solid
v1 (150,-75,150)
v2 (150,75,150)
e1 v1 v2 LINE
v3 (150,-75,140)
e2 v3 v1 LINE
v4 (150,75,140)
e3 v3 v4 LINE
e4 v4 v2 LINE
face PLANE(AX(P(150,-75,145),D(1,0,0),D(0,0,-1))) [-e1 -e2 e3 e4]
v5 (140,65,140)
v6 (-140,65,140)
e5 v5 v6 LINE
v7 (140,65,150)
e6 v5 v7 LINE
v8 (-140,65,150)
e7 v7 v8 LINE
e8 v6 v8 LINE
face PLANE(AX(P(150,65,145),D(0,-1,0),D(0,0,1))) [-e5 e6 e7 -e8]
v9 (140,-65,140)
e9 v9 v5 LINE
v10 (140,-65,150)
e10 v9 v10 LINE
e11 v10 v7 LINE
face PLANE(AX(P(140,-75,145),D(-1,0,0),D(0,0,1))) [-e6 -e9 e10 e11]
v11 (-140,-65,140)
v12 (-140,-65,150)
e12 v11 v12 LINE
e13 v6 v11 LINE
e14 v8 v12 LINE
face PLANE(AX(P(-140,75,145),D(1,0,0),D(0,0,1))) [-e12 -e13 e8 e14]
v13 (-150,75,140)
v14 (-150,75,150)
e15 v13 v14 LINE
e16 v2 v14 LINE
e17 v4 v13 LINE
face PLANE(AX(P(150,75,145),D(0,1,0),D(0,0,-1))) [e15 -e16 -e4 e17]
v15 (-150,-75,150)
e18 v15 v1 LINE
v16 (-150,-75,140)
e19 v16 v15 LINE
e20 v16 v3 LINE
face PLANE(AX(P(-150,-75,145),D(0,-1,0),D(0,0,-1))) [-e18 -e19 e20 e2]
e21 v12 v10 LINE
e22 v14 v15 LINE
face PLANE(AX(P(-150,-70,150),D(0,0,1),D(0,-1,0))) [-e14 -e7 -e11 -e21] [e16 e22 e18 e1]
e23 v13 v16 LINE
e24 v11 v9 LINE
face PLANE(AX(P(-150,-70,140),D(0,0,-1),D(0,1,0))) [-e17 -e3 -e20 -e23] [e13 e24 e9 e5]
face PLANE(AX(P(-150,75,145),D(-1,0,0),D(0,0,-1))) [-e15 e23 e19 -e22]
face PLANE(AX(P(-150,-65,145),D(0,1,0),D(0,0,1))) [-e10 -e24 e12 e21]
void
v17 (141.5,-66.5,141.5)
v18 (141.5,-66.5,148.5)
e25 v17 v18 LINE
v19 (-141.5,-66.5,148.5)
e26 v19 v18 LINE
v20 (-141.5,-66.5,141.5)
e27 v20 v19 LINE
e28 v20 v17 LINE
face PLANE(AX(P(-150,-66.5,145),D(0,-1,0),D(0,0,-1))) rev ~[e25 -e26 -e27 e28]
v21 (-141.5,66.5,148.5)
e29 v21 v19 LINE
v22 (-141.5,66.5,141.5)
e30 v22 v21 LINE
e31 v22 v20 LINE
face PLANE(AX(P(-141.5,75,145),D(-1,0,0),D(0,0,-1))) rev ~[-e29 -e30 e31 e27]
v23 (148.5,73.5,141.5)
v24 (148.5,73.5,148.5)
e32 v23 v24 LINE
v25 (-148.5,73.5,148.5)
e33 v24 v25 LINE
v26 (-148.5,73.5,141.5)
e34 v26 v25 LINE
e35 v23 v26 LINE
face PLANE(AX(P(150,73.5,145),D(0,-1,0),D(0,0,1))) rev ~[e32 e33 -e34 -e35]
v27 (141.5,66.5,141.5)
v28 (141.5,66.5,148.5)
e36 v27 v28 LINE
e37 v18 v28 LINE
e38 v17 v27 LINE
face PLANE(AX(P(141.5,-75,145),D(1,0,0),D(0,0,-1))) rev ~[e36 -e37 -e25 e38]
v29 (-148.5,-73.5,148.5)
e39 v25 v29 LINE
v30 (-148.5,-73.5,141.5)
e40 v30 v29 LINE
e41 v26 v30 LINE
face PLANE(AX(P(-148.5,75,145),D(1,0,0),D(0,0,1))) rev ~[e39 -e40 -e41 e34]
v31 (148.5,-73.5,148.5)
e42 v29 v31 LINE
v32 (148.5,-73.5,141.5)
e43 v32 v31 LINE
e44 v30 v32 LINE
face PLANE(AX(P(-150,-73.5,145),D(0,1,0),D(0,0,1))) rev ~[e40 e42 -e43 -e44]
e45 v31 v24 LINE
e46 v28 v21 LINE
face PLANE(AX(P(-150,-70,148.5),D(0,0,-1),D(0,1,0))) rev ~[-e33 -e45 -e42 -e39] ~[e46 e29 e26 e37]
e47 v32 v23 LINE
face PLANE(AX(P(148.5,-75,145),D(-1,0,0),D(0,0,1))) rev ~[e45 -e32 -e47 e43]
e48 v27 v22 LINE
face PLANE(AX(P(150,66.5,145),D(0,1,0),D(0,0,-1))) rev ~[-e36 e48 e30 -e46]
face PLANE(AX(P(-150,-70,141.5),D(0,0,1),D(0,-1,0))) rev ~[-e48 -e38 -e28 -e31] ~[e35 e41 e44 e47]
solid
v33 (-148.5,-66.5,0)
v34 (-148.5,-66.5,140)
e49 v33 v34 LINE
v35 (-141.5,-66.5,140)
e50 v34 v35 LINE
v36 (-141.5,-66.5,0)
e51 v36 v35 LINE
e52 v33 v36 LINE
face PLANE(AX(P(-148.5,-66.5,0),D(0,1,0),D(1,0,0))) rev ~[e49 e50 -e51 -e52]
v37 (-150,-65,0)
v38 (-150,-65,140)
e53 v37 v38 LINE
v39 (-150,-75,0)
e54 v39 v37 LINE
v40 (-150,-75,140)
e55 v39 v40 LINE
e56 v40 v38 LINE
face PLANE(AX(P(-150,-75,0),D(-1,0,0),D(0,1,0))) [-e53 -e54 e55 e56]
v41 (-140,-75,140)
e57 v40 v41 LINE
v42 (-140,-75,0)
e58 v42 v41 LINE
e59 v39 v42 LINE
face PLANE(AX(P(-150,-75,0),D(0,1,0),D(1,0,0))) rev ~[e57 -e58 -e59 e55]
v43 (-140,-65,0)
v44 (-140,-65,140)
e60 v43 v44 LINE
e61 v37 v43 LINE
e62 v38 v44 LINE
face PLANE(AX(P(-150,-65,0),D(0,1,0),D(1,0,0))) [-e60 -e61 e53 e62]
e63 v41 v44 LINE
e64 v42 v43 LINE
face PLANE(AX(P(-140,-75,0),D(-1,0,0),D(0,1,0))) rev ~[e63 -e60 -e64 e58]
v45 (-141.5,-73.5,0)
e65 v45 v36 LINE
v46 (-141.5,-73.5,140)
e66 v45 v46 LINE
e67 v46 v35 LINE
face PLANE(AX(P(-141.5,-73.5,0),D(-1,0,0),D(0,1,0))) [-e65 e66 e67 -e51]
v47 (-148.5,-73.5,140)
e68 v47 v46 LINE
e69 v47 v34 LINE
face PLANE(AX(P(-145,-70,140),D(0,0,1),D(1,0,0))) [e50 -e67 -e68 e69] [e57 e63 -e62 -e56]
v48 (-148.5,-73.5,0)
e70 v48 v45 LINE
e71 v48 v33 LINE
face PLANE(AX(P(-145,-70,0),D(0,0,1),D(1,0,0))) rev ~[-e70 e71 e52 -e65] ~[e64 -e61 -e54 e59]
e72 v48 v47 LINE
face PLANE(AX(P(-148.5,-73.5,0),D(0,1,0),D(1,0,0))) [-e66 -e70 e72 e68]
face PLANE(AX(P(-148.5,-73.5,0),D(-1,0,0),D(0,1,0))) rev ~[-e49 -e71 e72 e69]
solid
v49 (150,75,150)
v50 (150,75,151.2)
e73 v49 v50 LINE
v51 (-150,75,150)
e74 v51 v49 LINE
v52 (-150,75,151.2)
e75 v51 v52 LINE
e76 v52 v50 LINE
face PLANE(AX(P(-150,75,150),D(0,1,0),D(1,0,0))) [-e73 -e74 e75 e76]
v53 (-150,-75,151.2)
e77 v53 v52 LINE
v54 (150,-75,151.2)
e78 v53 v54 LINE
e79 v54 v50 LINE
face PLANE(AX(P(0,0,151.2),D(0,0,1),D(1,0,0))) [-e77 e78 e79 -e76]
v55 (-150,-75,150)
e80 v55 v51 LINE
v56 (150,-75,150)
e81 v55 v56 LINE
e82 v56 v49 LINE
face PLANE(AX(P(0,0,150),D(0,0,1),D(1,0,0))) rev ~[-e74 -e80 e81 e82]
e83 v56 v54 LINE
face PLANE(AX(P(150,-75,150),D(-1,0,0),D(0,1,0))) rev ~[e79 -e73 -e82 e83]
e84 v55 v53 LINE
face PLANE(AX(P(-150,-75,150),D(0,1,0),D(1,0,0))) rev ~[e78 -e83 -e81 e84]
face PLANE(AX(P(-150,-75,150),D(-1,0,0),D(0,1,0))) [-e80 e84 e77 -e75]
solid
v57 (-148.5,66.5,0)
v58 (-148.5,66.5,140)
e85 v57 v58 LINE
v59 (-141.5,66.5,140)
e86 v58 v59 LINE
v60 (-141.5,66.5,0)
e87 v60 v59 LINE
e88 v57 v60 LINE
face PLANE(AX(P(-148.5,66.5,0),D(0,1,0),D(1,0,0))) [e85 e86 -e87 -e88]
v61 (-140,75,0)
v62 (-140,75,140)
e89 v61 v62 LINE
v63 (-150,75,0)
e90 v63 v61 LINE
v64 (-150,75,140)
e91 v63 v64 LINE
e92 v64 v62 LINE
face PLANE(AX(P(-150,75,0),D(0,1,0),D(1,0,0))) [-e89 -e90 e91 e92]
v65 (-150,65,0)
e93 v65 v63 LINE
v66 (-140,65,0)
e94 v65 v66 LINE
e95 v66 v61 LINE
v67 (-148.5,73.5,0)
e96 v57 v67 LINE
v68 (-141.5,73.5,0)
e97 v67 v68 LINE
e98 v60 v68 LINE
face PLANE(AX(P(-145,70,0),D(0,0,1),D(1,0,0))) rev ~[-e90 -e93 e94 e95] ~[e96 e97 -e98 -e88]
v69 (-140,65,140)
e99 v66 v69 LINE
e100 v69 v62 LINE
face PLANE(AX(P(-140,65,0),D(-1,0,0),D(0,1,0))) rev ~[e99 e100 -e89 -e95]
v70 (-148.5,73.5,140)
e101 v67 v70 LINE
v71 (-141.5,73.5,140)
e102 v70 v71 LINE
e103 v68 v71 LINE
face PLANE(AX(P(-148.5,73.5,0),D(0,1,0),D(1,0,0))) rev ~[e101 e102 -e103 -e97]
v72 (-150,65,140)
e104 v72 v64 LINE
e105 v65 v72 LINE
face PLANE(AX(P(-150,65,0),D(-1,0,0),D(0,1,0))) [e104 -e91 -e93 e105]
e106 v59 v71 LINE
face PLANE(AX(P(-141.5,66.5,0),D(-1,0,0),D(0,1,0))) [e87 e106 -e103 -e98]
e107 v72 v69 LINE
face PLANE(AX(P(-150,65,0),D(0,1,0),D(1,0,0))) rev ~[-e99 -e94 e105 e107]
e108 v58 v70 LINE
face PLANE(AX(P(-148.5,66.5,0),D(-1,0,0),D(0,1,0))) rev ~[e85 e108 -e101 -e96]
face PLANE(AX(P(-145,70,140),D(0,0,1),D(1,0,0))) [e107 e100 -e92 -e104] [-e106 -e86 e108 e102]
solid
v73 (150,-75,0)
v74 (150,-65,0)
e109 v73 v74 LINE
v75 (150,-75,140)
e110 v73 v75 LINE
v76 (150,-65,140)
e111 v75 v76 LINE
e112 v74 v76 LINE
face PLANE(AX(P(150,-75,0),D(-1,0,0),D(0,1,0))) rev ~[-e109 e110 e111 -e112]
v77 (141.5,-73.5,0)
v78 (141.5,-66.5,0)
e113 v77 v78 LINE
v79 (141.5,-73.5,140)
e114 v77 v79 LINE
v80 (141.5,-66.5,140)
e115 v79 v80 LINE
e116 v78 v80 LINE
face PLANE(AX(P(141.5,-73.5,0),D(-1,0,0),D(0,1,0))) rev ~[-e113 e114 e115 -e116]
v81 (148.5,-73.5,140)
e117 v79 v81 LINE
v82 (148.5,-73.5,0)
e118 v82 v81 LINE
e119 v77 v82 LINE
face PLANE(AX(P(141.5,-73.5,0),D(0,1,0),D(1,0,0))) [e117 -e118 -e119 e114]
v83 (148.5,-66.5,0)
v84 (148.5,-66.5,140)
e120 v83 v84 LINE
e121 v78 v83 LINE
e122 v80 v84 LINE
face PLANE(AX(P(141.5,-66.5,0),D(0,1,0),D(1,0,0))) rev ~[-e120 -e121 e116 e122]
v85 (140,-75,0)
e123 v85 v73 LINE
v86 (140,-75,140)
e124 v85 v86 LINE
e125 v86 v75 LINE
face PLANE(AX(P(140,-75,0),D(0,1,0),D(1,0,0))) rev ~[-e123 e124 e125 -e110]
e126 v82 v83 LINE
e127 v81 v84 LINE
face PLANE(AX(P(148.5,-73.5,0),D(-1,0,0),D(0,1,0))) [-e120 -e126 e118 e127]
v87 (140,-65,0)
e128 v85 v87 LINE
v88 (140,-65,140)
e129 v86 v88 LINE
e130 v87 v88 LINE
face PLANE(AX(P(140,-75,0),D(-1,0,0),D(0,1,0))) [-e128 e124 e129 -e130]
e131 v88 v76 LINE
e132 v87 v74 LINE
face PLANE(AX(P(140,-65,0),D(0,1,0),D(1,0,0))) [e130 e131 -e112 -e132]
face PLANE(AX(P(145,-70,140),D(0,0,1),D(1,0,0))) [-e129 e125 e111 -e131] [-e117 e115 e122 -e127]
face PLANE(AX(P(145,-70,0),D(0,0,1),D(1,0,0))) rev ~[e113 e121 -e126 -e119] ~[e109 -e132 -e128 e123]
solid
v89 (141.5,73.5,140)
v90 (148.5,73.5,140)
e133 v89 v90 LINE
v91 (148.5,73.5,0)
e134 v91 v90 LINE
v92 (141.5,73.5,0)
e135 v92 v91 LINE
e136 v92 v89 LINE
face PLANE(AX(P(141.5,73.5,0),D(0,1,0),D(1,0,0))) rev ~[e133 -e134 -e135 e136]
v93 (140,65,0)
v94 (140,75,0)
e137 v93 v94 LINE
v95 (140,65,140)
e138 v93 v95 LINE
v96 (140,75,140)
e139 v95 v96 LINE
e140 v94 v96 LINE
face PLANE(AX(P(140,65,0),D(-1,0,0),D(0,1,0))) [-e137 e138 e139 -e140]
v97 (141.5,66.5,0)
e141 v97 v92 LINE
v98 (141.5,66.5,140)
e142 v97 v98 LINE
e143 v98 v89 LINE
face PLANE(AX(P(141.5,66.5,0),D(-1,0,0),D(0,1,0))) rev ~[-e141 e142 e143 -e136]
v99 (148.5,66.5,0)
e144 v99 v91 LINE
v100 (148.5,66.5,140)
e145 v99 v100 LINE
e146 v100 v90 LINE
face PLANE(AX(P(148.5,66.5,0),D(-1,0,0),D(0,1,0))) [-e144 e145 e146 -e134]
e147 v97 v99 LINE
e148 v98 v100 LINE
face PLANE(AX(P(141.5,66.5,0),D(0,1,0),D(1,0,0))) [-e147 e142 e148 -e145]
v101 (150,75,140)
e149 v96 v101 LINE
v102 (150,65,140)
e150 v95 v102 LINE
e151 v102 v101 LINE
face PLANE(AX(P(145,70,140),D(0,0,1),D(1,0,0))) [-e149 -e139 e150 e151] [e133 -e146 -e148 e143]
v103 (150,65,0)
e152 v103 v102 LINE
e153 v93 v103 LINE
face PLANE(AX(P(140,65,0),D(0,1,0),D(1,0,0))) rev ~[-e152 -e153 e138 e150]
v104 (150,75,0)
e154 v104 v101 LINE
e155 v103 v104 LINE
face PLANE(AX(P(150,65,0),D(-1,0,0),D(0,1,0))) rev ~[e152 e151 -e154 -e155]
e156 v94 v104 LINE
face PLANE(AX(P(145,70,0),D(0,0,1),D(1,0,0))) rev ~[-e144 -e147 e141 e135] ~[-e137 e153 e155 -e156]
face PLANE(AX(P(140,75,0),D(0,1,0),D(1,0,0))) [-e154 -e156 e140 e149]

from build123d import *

# Parameters (mm, degrees)
F0_W     = 10
F0_H     = 10
F0_W_2   = 7
F0_H_2   = 7
F1_DEPTH = 140
F3_W     = 10
F3_H     = 10
F3_W_2   = 7
F3_H_2   = 7
F5_W     = 300
F5_H     = 150
F6_DEPTH = 1.2


with BuildPart() as f1:
    # F0 (on Top) → F1 (new body)
    with BuildSketch(Plane.XY):
        with Locations((-145, 70)):
            Rectangle(F0_W, F0_H)
        with Locations((-145, 70)):
            Rectangle(F0_W_2, F0_H_2, mode=Mode.SUBTRACT)
    extrude(amount=F1_DEPTH)


with BuildPart() as f1b:
    # F0 (on Top) → F1, piece 2 (new body)
    with BuildSketch(Plane.XY):
        with Locations((145, 70)):
            Rectangle(F0_W, F0_H)
        with Locations((145, 70)):
            Rectangle(F0_W_2, F0_H_2, mode=Mode.SUBTRACT)
    extrude(amount=F1_DEPTH)


with BuildPart() as f1c:
    # F0 (on Top) → F1, piece 3 (new body)
    with BuildSketch(Plane.XY):
        with Locations((145, -70)):
            Rectangle(F0_W, F0_H)
        with Locations((145, -70)):
            Rectangle(F0_W_2, F0_H_2, mode=Mode.SUBTRACT)
    extrude(amount=F1_DEPTH)


with BuildPart() as f1d:
    # F0 (on Top) → F1, piece 4 (new body)
    with BuildSketch(Plane.XY):
        with Locations((-145, -70)):
            Rectangle(F0_W, F0_H)
        with Locations((-145, -70)):
            Rectangle(F0_W_2, F0_H_2, mode=Mode.SUBTRACT)
    extrude(amount=F1_DEPTH)


with BuildPart() as f4:
    # F4: sweep along a path in F2
    with BuildLine(Plane.XY.offset(140)) as f4_path:
        Line((-150, -75), (150, -75))
        Line((150, -75), (150, 75))
        Line((150, 75), (-150, 75))
        Line((-150, 75), (-150, -75))
    # F3 (on Right) → F4 (sweep)
    with BuildSketch(Plane.YZ):
        with Locations((-70, 145)):
            Rectangle(F3_W, F3_H)
        with Locations((-70, 145)):
            Rectangle(F3_W_2, F3_H_2, mode=Mode.SUBTRACT)
    sweep(path=f4_path.line, transition=Transition.RIGHT)


with BuildPart() as f6:
    # F5 (on face) → F6 (new body)
    with BuildSketch(Plane.XY.offset(150)):
        Rectangle(F5_W, F5_H)
    extrude(amount=F6_DEPTH)


solid = Compound([f1.part, f1b.part, f1c.part, f1d.part, f4.part, f6.part])
